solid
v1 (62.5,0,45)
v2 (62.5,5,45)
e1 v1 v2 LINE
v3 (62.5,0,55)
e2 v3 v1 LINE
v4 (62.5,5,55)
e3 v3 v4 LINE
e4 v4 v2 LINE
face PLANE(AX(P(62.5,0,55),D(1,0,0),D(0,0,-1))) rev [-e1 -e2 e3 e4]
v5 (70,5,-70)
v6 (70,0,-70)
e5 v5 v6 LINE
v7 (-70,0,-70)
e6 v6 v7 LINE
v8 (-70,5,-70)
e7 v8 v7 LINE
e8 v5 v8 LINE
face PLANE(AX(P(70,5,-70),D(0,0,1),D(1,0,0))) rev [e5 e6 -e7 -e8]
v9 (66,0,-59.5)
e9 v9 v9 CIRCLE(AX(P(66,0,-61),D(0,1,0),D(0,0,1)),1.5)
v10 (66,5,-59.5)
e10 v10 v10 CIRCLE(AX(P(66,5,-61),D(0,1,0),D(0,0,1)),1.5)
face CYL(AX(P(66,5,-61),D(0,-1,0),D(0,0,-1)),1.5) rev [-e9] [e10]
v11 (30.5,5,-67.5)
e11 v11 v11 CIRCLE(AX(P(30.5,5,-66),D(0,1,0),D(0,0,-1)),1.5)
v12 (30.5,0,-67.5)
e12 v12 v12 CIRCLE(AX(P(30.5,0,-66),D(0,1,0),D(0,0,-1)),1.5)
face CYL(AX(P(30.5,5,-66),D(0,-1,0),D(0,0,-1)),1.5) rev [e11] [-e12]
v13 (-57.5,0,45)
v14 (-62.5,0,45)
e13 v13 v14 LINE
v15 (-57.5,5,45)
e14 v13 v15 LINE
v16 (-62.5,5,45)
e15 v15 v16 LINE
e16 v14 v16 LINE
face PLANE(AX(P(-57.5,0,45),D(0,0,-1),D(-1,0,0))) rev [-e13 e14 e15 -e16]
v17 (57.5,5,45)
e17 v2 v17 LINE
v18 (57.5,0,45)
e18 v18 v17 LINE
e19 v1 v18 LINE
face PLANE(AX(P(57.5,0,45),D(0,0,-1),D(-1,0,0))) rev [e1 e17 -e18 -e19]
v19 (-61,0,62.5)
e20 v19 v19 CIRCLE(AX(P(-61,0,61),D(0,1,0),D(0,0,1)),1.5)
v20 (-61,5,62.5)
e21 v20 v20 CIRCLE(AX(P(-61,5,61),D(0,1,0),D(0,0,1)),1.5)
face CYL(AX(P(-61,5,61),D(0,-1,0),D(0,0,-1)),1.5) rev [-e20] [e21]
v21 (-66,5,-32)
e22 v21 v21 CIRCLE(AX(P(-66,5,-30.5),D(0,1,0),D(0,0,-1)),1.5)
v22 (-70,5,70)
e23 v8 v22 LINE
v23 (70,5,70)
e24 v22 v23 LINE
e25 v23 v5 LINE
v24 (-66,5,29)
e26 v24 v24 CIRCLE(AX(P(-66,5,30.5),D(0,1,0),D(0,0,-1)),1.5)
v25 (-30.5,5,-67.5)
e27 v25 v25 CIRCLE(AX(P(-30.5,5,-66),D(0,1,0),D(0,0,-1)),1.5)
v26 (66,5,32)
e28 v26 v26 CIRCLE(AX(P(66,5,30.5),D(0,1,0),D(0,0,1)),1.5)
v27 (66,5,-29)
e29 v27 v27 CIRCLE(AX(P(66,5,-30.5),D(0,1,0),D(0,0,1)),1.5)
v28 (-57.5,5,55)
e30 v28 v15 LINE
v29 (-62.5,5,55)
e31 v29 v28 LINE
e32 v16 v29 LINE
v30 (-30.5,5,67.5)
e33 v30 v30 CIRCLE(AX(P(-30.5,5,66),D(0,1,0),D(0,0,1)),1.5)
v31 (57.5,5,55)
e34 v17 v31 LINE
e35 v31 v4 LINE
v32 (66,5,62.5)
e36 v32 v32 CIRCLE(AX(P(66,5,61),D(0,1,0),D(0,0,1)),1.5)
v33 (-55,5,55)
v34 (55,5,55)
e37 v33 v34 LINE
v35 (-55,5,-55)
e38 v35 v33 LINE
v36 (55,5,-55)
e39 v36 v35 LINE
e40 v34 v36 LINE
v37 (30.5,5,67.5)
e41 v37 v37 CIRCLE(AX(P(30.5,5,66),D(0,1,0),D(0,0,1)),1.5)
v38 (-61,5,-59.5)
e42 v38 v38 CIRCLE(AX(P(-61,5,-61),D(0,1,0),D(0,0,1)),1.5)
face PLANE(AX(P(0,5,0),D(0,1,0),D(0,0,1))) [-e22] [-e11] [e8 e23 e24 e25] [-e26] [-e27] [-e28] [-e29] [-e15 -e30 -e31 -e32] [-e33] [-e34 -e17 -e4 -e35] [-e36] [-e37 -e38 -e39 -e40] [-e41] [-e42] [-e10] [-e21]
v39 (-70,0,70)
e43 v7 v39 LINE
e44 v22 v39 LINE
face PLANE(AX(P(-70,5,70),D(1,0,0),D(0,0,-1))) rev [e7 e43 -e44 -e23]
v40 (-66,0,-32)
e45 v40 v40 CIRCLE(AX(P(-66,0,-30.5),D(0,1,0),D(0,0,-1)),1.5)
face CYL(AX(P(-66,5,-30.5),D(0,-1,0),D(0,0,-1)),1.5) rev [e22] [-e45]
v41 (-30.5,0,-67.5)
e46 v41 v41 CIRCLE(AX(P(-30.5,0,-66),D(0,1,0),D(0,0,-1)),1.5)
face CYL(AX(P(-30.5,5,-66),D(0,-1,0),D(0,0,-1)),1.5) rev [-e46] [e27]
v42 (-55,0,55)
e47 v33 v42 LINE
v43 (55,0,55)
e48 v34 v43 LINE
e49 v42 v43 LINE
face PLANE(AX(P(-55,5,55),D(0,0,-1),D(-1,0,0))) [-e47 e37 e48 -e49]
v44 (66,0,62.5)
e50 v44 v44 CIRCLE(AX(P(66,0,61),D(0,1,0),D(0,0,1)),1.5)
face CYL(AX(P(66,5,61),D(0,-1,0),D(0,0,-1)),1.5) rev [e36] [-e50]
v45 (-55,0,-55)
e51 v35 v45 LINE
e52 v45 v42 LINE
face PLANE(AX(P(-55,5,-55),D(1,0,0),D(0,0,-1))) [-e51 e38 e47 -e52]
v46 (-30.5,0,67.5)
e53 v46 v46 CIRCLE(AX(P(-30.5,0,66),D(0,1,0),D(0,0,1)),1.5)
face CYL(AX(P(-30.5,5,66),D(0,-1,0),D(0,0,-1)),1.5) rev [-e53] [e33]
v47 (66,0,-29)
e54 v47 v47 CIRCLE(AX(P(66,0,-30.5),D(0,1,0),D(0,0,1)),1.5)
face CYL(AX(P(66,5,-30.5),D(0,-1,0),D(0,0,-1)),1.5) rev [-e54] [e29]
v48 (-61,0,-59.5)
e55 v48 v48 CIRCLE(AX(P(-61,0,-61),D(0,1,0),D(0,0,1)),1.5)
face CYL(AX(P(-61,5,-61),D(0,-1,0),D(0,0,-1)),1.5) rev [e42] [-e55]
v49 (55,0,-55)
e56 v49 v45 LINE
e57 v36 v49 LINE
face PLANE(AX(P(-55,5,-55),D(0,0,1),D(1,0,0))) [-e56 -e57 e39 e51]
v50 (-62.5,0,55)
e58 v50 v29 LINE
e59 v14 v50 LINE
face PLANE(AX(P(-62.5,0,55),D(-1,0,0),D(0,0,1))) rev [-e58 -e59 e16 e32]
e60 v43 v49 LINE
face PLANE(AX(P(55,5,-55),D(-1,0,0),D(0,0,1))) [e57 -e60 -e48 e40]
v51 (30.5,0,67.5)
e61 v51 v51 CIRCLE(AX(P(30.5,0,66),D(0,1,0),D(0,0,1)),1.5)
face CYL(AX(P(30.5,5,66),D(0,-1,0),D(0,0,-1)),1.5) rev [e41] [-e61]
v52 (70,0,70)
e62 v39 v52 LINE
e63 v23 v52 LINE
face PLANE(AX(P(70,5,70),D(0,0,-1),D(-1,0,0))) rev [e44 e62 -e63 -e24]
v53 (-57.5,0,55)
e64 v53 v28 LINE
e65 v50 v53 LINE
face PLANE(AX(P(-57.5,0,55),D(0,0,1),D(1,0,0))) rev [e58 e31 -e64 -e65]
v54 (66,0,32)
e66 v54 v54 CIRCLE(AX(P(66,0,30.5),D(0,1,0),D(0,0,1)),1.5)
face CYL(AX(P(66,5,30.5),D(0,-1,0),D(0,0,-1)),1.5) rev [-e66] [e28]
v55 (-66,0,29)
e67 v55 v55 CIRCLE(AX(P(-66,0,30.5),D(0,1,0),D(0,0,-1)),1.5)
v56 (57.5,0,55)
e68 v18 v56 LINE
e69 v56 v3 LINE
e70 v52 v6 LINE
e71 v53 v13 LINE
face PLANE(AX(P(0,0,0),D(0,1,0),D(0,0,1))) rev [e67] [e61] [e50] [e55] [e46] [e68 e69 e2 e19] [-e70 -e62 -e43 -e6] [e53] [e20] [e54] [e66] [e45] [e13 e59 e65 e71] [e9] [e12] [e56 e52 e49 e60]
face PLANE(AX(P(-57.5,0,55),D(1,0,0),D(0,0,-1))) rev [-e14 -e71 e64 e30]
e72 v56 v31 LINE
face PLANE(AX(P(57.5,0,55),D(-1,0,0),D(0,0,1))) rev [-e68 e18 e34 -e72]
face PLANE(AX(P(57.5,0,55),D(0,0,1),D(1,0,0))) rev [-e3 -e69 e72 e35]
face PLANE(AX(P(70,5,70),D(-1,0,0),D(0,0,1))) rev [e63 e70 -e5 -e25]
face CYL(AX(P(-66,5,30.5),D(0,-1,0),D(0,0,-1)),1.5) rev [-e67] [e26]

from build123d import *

# Parameters (mm, degrees)
CROQUIS1_W              = 140
CROQUIS1_H              = 140
CROQUIS1_R              = 1.5
CROQUIS1_W_2            = 110
CROQUIS1_H_2            = 110
SALIENTE_EXTRUIR1_DEPTH = 5
CROQUIS2_W              = 5
CROQUIS2_H              = 10
CORTAR_EXTRUIR1_DEPTH   = 5


with BuildPart() as part:
    # Croquis1 → Saliente-Extruir1 (new body)
    with BuildSketch(Plane(origin=(0, 0, 0), x_dir=(1, 0, 0), z_dir=(0, 1, 0))):
        Rectangle(CROQUIS1_W, CROQUIS1_H)
        with Locations(Location((-61, 61, 0), (0, 0, 270))):
            Circle(CROQUIS1_R, mode=Mode.SUBTRACT)
        with Locations(Location((66, 61, 0), (0, 0, 270))):
            Circle(CROQUIS1_R, mode=Mode.SUBTRACT)
        with Locations(Location((66, -61, 0), (0, 0, 270))):
            Circle(CROQUIS1_R, mode=Mode.SUBTRACT)
        with Locations(Location((-61, -61, 0), (0, 0, 270))):
            Circle(CROQUIS1_R, mode=Mode.SUBTRACT)
        with Locations(Location((66, 30.5, 0), (0, 0, 270))):
            Circle(CROQUIS1_R, mode=Mode.SUBTRACT)
        with Locations(Location((66, -30.5, 0), (0, 0, 270))):
            Circle(CROQUIS1_R, mode=Mode.SUBTRACT)
        with Locations(Location((-30.5, -66, 0), (0, 0, 270))):
            Circle(CROQUIS1_R, mode=Mode.SUBTRACT)
        with Locations(Location((30.5, -66, 0), (0, 0, 270))):
            Circle(CROQUIS1_R, mode=Mode.SUBTRACT)
        with Locations(Location((-30.5, 66, 0), (0, 0, 90))):
            Circle(CROQUIS1_R, mode=Mode.SUBTRACT)
        with Locations(Location((30.5, 66, 0), (0, 0, 90))):
            Circle(CROQUIS1_R, mode=Mode.SUBTRACT)
        with Locations(Location((-66, 30.5, 0), (0, 0, 90))):
            Circle(CROQUIS1_R, mode=Mode.SUBTRACT)
        with Locations(Location((-66, -30.5, 0), (0, 0, 90))):
            Circle(CROQUIS1_R, mode=Mode.SUBTRACT)
        Rectangle(CROQUIS1_W_2, CROQUIS1_H_2, mode=Mode.SUBTRACT)
    extrude(amount=SALIENTE_EXTRUIR1_DEPTH)

    # Croquis2 → Cortar-Extruir1 (cut)
    with BuildSketch(Plane(origin=(0, 5, 0), x_dir=(1, 0, 0), z_dir=(0, 1, 0))):
        with Locations((60, -50)):
            Rectangle(CROQUIS2_W, CROQUIS2_H)
        with Locations((-60, -50)):
            Rectangle(CROQUIS2_W, CROQUIS2_H)
    extrude(amount=-CORTAR_EXTRUIR1_DEPTH, mode=Mode.SUBTRACT)


solid = part.part
